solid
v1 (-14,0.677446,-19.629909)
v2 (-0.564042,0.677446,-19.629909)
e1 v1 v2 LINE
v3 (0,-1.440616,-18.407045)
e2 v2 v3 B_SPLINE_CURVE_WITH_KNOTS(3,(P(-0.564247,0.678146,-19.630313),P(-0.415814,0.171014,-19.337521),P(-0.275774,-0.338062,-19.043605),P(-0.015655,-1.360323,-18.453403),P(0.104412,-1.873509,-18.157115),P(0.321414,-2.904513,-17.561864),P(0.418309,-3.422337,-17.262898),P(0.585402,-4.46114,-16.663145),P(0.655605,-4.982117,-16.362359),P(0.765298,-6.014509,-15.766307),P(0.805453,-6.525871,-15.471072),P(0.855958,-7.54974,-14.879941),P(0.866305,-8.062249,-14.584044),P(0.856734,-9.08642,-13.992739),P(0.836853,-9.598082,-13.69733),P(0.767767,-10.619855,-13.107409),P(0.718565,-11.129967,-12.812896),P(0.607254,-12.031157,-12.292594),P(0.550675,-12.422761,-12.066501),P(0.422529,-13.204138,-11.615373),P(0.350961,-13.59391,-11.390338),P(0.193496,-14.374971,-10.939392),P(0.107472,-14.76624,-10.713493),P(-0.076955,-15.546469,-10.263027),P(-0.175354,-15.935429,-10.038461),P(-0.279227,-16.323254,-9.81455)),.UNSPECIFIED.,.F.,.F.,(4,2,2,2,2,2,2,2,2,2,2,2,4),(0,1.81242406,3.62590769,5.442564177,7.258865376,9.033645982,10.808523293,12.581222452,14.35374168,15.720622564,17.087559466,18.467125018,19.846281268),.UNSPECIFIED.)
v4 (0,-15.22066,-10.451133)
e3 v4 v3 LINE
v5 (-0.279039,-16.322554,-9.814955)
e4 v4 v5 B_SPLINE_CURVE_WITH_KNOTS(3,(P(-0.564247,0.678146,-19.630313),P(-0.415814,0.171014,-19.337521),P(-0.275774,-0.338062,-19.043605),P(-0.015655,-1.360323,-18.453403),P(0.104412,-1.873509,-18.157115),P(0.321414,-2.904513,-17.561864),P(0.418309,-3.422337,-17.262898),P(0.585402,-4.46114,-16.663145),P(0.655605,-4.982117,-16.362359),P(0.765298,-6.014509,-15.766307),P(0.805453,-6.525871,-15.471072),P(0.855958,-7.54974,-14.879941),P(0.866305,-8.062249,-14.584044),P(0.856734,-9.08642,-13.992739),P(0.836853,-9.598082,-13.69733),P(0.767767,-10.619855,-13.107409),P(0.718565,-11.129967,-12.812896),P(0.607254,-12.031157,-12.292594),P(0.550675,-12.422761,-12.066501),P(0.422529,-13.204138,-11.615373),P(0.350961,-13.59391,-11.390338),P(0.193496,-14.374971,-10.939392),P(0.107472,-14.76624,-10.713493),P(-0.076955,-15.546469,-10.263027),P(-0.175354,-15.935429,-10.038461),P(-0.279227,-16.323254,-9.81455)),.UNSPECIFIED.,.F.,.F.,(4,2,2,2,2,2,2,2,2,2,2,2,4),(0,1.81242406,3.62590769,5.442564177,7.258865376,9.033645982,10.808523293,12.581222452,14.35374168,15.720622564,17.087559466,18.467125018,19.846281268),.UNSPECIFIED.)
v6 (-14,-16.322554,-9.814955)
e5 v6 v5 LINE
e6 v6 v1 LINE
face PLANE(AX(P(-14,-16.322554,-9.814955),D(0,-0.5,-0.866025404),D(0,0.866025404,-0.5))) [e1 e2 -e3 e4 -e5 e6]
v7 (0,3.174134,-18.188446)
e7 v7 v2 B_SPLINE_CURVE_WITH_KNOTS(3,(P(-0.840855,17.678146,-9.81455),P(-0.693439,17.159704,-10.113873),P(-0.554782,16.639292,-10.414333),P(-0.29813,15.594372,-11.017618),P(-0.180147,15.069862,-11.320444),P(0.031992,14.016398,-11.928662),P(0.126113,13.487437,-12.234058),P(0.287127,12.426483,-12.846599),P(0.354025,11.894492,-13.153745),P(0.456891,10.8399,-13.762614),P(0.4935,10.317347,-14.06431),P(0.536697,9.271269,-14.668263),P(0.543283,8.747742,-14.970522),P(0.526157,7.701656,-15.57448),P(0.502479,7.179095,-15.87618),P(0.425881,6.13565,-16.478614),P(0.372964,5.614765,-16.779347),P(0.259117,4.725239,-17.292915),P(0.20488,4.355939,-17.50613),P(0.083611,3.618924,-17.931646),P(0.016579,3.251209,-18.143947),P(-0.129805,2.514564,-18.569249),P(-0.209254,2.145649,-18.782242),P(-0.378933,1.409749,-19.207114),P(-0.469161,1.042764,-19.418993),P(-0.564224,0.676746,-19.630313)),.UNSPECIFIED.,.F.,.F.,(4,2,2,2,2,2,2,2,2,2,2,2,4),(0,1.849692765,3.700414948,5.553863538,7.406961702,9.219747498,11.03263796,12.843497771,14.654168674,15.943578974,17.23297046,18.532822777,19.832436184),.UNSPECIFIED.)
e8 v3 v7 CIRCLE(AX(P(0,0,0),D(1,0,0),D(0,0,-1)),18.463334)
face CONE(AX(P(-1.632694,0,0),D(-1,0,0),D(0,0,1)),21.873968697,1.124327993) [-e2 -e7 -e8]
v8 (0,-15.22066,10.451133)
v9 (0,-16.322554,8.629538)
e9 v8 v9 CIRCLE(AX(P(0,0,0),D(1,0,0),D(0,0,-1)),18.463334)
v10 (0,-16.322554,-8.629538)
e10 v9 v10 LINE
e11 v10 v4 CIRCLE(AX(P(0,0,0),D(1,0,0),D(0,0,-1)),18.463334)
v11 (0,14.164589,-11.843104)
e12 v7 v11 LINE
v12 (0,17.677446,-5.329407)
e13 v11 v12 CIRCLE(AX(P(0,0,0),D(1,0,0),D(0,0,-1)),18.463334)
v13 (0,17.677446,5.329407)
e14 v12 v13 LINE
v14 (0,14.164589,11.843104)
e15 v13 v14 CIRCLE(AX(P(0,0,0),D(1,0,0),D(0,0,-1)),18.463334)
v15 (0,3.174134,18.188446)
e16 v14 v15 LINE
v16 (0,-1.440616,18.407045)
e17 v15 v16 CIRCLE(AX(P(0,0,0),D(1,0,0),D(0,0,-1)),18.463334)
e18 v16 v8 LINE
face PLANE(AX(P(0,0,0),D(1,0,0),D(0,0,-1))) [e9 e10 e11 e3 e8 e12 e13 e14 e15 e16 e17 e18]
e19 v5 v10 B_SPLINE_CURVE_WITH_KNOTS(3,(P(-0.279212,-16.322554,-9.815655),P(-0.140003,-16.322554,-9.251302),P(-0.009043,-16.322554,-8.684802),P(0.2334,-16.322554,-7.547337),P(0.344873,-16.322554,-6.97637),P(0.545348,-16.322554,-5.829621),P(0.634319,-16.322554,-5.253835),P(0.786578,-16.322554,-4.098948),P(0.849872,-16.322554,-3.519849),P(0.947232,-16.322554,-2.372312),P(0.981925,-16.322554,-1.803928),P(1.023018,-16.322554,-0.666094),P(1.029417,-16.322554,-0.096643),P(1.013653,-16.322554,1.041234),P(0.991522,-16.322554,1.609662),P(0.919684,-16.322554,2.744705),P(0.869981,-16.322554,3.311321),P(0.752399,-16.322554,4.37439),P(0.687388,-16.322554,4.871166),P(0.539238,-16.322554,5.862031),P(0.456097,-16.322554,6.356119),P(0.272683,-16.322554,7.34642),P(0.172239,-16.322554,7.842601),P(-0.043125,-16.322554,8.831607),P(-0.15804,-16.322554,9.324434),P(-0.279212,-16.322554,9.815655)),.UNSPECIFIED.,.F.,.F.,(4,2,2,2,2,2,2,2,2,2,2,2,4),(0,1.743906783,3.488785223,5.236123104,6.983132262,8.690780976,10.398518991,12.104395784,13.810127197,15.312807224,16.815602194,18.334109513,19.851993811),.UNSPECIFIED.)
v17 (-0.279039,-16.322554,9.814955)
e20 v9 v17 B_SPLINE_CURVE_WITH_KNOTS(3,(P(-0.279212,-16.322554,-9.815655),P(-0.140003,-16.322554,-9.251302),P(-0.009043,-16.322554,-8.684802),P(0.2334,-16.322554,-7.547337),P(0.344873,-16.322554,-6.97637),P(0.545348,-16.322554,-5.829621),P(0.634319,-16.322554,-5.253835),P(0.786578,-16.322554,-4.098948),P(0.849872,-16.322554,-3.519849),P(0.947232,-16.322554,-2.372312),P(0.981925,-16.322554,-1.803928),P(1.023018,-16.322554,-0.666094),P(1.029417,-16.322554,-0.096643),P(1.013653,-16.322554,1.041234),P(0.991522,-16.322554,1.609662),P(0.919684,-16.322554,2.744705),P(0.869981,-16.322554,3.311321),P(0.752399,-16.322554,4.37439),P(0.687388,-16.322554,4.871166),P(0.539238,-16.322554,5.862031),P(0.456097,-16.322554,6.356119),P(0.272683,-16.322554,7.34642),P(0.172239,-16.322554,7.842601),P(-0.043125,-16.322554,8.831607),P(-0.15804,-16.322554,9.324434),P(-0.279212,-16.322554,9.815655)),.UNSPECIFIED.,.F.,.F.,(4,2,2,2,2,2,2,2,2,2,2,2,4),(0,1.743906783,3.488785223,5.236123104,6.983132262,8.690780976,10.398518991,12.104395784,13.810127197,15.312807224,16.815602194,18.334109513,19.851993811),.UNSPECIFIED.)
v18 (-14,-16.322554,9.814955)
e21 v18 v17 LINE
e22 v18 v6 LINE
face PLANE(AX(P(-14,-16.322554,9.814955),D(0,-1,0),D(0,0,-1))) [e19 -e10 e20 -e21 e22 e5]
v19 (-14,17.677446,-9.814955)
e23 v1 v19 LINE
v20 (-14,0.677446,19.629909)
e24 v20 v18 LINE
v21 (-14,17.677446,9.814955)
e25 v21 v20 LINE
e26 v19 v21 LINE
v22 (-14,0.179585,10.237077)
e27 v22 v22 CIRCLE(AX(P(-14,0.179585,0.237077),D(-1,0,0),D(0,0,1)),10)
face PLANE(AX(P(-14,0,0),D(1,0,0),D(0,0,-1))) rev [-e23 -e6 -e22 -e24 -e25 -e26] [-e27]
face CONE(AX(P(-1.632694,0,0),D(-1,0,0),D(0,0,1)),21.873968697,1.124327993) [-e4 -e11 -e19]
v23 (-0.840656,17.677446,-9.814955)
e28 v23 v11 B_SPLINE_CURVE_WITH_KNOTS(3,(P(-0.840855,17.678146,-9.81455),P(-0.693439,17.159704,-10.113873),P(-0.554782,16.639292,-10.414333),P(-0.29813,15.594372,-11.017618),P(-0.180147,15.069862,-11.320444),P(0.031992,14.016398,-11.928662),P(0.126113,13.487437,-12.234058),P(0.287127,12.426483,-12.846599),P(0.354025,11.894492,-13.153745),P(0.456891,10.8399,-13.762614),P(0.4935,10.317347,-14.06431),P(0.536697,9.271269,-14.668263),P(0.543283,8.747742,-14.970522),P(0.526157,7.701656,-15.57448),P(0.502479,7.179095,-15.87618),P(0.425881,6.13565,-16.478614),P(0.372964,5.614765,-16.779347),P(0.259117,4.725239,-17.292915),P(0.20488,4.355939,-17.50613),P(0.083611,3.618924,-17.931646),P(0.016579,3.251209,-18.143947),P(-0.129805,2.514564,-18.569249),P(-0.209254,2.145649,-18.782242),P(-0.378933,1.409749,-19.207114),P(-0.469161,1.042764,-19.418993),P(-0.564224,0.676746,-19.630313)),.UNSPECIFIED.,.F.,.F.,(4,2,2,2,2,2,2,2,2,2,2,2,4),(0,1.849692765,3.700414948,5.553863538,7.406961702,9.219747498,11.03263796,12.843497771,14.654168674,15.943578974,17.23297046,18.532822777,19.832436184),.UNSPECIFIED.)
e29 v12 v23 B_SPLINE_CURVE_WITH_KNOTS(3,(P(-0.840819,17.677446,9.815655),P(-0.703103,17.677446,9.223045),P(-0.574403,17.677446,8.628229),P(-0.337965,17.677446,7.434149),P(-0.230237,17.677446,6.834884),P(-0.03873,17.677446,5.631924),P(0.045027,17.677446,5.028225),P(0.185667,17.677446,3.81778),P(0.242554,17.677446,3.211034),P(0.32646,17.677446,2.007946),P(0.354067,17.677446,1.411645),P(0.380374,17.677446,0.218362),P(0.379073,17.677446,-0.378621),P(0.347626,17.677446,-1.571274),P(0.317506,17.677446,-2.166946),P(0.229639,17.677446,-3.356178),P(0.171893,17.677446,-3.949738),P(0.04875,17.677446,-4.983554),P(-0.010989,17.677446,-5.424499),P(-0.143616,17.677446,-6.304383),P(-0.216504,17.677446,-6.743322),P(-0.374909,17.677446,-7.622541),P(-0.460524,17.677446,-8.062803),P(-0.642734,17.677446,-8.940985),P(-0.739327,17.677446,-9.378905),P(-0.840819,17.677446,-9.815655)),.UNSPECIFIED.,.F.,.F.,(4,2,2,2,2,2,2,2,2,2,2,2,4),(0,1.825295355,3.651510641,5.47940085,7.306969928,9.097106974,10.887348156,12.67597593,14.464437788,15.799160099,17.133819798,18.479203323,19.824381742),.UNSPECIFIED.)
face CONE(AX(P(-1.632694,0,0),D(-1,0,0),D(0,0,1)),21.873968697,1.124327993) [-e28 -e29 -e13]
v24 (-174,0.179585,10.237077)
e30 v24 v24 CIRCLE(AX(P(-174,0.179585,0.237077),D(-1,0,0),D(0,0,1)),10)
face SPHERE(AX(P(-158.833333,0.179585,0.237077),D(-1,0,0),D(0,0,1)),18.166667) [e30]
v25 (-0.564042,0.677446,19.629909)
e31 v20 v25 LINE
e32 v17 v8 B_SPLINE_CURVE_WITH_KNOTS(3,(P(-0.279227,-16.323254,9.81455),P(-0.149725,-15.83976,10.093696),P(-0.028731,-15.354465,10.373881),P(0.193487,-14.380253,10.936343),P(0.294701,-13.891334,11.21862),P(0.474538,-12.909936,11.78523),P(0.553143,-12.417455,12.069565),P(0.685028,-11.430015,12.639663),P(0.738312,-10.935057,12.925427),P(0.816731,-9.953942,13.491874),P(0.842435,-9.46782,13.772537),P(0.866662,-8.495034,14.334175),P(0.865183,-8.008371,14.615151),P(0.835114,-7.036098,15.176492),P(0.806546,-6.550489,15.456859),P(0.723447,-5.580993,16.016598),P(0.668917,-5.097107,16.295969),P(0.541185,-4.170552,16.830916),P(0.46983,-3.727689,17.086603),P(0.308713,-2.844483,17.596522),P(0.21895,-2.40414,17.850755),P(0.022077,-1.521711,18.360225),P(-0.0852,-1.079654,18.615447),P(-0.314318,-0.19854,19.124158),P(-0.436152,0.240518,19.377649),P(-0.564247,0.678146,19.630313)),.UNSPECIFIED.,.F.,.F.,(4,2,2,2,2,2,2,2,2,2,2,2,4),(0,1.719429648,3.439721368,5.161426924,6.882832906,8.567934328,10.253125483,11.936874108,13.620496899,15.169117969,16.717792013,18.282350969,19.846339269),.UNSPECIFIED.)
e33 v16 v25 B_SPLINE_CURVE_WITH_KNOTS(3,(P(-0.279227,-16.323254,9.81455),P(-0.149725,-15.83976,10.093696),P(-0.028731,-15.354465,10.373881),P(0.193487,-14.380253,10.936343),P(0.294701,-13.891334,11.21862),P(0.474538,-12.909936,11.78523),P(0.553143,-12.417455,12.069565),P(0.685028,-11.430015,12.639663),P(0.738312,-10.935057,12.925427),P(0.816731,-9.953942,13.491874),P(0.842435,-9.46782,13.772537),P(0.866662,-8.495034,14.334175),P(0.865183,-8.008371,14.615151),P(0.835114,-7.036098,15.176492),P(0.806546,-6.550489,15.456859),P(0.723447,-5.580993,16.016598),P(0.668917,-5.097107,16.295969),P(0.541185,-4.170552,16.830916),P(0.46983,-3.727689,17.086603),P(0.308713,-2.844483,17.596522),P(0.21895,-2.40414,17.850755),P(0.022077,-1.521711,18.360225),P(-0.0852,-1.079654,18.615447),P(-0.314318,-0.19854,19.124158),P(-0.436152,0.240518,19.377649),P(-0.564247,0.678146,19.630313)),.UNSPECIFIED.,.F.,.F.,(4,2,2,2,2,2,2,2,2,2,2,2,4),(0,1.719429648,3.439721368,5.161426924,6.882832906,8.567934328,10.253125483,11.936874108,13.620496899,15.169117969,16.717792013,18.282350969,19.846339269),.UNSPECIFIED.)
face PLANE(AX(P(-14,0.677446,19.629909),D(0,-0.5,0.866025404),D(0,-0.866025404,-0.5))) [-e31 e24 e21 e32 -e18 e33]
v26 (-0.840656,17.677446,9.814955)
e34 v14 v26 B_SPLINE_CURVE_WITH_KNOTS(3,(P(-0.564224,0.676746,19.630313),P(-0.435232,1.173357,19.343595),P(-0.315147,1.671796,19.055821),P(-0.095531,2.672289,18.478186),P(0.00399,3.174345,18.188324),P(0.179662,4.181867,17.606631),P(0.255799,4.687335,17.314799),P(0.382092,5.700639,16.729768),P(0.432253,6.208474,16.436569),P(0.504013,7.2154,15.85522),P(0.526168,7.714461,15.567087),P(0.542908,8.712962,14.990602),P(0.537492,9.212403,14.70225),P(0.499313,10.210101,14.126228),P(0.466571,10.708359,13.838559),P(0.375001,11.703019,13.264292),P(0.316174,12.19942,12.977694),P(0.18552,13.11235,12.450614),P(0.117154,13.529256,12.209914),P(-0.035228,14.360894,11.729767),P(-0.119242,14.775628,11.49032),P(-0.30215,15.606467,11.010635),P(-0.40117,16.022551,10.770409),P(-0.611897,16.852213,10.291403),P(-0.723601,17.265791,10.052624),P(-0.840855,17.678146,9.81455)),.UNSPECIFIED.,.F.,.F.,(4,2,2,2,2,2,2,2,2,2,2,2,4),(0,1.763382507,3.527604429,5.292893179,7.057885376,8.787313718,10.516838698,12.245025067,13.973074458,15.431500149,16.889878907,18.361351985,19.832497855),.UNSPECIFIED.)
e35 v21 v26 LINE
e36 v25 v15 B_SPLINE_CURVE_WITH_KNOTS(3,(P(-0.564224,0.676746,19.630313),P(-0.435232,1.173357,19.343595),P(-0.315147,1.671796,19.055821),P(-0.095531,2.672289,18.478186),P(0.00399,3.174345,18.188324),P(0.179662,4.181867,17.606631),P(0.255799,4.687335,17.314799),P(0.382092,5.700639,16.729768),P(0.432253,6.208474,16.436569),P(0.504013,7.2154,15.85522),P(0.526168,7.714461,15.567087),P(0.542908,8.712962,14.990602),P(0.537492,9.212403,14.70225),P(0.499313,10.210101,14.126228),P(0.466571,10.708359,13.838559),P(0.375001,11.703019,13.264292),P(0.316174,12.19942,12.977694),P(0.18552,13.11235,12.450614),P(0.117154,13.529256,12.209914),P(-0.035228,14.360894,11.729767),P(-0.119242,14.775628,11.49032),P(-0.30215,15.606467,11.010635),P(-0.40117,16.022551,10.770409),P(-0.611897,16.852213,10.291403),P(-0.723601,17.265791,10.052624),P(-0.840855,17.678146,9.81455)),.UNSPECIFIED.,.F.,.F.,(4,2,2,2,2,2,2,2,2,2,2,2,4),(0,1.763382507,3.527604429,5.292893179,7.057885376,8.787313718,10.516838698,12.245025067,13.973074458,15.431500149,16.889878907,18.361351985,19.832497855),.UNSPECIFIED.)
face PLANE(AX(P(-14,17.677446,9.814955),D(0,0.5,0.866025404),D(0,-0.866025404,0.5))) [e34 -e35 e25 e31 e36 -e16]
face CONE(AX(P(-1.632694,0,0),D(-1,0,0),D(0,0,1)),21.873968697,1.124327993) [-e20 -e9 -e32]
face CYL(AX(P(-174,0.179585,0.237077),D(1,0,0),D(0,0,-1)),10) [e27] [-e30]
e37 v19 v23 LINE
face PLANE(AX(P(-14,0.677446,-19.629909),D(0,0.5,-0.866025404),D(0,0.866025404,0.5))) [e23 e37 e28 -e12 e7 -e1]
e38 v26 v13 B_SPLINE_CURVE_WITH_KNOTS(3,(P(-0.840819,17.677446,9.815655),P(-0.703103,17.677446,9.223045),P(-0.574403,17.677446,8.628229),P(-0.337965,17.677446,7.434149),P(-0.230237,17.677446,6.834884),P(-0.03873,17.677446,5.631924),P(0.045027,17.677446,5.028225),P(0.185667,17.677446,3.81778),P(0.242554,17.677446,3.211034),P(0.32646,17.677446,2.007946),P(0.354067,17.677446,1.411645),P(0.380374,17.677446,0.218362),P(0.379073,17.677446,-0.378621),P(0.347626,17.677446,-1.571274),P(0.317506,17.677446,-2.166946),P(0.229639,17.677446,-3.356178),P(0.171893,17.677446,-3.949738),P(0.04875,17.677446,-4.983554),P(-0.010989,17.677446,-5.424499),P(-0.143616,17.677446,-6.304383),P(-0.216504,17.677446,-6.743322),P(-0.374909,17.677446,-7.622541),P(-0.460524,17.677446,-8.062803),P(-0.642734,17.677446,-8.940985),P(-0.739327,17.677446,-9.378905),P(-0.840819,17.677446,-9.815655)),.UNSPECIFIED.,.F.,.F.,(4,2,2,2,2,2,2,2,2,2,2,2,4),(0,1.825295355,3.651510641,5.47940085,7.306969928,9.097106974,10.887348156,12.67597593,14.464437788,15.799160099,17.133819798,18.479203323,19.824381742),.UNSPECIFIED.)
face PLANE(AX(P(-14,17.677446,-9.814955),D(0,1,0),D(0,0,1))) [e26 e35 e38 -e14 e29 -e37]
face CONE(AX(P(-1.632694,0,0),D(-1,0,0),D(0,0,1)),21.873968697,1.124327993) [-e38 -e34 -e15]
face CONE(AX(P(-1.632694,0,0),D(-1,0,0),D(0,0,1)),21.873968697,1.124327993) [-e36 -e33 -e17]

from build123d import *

# Parameters (mm, degrees)
BOSS_EXTRUDE1_DEPTH = 14
SKETCH2_R           = 10
BOSS_EXTRUDE2_DEPTH = 160
DOME1_FACE_RADIUS   = 10
DOME1_HEIGHT        = 3


with BuildPart() as part:
    # Sketch1 → Boss-Extrude1 (new body)
    with BuildSketch(Plane(origin=(0, 0, 0), x_dir=(0, 0, -1), z_dir=(1, 0, 0))):
        Polygon((19.629909152, 0.677446241), (9.814954576, 17.677446241), (-9.814954576, 17.677446241), (-19.629909152, 0.677446241), (-9.814954576, -16.322553759), (9.814954576, -16.322553759), align=None)
    extrude(amount=-BOSS_EXTRUDE1_DEPTH)

    # Sketch2 → Boss-Extrude2 (add)
    with BuildSketch(Plane.ZY.offset(14)):
        with Locations((0.23707655, 0.179585486)):
            Circle(SKETCH2_R)
    extrude(amount=BOSS_EXTRUDE2_DEPTH)

    # Dome1: a dome of height H over a round flat face of radius A is a cap of a sphere of radius (A * A + H * H) / (2 * H)
    dome1_r = (DOME1_FACE_RADIUS * DOME1_FACE_RADIUS + DOME1_HEIGHT * DOME1_HEIGHT) / (2 * DOME1_HEIGHT)
    dome1_base = Plane((-174, 0.179585486, 0.23707655), z_dir=(-1, 0, 0))
    with Locations(dome1_base.offset(DOME1_HEIGHT - dome1_r)):
        dome1_ball = Sphere(dome1_r, mode=Mode.PRIVATE)
    add(split(dome1_ball, bisect_by=dome1_base, keep=Keep.TOP, mode=Mode.PRIVATE))

    # Sketch4 → Cut-Revolve4 (revolve, cut)
    with BuildSketch(Plane(origin=(0, 0, 0), x_dir=(1, 0, 0), z_dir=(0, 1, 0))):
        Polygon((0, 18.463333515), (-1.632693956, 21.873968697), (3.881125963, 21.268551199), (2.875714826, 18.463333515), align=None)
    revolve(axis=Axis((0, 0, 0), (1, 0, 0)), mode=Mode.SUBTRACT)


solid = part.part
